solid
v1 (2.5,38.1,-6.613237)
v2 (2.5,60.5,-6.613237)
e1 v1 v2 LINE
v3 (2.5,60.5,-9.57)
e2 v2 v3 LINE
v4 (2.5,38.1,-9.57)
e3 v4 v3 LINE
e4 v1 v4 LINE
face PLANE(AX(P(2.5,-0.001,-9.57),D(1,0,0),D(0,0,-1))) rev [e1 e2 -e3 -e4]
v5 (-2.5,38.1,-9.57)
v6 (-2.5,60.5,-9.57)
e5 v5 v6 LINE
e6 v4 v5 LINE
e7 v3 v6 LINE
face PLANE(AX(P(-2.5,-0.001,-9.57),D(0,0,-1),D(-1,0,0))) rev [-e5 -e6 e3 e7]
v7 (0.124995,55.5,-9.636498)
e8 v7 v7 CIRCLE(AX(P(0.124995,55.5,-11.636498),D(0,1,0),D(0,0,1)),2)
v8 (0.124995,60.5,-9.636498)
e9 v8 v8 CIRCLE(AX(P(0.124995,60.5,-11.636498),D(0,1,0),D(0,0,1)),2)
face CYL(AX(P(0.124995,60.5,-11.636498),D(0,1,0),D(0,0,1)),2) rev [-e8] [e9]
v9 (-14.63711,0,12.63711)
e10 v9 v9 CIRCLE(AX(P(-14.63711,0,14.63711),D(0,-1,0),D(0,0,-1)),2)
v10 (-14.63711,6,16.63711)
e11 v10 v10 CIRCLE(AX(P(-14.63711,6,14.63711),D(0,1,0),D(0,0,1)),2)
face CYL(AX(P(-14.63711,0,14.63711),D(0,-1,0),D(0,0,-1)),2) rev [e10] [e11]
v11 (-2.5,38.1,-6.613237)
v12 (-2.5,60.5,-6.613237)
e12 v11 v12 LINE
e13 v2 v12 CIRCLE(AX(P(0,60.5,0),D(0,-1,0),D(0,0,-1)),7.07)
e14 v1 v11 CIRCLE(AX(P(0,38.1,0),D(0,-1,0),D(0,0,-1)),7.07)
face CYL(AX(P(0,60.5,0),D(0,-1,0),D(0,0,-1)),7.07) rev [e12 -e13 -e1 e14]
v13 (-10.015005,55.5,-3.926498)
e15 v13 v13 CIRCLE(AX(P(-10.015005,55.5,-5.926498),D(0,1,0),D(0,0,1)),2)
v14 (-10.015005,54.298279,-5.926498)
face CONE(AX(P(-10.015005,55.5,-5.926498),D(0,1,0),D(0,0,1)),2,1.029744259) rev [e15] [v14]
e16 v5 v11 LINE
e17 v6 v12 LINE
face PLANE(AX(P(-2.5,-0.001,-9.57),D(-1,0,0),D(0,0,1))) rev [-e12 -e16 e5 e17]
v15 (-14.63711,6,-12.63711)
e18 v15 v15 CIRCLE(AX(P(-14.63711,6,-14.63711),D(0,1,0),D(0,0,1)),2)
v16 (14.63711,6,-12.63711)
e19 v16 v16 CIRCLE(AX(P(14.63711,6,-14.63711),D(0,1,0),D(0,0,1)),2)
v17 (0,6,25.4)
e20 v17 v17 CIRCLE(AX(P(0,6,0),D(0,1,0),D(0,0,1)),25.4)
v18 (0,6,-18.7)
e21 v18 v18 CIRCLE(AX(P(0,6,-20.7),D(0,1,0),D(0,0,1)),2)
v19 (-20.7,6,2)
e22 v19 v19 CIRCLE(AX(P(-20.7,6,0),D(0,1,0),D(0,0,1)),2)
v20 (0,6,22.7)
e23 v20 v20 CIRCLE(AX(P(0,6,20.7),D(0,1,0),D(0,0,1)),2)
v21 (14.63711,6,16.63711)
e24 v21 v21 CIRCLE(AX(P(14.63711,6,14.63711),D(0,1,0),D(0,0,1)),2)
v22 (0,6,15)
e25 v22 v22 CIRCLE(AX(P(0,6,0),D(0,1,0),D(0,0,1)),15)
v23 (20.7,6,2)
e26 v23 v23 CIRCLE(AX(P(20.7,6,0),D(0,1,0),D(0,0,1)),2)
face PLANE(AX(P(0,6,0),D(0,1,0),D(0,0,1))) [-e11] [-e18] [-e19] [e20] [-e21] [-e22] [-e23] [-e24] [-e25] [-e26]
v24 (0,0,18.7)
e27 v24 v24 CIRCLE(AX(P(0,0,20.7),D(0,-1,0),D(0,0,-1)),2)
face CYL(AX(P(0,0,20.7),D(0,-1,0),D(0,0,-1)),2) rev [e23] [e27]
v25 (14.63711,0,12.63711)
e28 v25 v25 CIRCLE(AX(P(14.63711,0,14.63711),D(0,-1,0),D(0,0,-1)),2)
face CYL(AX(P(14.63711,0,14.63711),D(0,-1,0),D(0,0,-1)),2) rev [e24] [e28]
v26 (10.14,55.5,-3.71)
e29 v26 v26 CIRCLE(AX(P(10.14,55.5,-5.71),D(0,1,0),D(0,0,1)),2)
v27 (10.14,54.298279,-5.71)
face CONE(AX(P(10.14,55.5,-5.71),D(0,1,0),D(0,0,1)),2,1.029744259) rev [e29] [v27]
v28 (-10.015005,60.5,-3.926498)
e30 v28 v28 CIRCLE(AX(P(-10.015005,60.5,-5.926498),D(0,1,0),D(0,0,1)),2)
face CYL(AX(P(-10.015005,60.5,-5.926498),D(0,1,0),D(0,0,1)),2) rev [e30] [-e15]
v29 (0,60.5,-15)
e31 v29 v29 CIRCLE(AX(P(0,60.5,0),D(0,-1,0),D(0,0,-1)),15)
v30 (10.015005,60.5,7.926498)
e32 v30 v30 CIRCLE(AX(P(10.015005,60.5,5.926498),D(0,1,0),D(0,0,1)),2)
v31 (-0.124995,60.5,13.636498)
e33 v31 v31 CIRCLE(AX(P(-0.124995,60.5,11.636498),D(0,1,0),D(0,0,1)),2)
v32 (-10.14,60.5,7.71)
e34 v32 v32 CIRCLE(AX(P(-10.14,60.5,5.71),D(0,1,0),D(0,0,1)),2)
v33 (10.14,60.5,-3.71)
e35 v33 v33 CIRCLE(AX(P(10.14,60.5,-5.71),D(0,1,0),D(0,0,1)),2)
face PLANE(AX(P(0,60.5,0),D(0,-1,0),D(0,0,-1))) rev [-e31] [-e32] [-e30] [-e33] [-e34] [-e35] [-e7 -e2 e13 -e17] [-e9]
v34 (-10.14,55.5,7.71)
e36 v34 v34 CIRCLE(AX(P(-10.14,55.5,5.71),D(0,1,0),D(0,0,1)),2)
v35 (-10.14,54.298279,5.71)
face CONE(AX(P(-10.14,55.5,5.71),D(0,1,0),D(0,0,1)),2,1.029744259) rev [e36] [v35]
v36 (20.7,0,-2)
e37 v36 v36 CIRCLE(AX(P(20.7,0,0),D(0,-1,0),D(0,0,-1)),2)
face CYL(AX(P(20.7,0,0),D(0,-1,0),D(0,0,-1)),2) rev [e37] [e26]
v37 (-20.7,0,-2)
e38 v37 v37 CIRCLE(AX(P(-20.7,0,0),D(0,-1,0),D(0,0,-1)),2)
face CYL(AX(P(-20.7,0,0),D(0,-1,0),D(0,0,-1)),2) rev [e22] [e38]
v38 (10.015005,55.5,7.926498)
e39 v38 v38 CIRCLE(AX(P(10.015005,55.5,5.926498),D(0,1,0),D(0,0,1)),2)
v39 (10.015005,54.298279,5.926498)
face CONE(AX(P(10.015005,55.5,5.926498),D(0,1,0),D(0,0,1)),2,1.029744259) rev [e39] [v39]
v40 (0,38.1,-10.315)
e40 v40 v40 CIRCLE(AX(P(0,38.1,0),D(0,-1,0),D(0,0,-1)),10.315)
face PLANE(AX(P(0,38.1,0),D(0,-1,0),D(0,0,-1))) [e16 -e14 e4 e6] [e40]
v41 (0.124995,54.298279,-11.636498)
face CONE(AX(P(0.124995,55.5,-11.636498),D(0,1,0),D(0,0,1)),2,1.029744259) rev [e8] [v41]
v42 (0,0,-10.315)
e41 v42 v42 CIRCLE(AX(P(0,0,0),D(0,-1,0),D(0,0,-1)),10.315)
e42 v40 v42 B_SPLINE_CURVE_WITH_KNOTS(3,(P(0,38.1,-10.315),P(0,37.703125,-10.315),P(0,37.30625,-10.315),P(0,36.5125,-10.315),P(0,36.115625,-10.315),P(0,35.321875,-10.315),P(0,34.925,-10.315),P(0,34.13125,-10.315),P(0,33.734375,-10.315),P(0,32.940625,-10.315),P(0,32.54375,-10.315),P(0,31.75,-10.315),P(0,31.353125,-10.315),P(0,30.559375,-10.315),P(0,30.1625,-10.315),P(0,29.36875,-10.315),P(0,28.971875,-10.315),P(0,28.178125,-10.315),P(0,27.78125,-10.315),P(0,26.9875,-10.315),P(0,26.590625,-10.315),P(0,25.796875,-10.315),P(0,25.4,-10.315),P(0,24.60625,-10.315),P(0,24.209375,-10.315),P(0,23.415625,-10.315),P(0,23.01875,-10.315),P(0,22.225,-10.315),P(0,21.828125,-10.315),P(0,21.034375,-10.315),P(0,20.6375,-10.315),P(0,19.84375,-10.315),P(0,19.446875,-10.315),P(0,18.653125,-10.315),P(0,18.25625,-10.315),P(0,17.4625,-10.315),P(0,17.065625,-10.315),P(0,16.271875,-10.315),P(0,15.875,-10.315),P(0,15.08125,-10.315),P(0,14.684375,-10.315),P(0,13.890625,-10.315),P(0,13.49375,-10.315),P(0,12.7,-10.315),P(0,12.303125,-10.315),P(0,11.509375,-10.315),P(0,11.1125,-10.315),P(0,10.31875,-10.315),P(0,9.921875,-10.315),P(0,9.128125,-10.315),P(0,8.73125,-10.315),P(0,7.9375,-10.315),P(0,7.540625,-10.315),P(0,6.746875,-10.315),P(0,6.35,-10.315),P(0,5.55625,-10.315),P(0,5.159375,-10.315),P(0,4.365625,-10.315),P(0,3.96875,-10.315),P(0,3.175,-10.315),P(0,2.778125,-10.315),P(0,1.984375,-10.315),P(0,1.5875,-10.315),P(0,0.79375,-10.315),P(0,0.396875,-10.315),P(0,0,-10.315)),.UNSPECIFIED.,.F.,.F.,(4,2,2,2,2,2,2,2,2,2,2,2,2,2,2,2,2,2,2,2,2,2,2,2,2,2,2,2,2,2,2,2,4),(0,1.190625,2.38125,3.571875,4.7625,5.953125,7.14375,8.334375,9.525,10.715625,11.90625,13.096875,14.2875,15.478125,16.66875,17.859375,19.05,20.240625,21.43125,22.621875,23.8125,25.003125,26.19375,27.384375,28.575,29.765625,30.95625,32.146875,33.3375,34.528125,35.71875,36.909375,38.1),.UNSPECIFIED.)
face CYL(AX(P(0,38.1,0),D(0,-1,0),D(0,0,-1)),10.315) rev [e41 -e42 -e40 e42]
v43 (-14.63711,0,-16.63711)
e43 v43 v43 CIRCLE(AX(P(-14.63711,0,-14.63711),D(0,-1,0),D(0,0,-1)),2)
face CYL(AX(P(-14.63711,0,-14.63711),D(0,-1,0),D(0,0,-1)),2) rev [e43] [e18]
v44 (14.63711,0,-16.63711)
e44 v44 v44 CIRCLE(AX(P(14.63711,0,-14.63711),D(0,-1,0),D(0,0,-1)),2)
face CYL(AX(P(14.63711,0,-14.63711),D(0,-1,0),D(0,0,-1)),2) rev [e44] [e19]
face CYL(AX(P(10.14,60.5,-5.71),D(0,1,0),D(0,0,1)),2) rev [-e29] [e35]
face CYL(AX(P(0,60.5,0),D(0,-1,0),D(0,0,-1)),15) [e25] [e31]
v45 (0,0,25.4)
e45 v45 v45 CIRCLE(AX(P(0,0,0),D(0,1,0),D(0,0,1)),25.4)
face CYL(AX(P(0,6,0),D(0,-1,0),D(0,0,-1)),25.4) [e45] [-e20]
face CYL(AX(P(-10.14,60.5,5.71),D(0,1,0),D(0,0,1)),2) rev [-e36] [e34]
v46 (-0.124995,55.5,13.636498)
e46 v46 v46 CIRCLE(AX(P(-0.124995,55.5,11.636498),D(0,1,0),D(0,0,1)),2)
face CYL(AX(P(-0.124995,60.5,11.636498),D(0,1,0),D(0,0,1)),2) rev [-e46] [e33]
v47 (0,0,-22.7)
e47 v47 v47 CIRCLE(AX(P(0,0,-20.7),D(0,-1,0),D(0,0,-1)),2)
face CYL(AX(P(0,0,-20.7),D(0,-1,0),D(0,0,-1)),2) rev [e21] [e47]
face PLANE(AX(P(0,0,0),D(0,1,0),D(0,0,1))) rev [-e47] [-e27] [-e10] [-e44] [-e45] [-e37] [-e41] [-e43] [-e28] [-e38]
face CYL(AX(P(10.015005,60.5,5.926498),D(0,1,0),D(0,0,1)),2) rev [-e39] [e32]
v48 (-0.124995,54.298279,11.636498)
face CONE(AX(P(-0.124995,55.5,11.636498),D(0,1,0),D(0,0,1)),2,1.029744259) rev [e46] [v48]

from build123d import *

# Parameters (mm, degrees)
SKETCH2_R             = 25.4
BOSS_EXTRUDE2_DEPTH   = 6
SKETCH3_R             = 15
BOSS_EXTRUDE3_DEPTH   = 60.5
SKETCH4_R             = 10.315
CUT_EXTRUDE1_DEPTH    = 38.1
SKETCH5_R             = 7.07
CUT_EXTRUDE2_DEPTH    = 53.363441445
F_4_0MM_DOWEL_HOLE1_D = 4
CIRPATTERN1_COUNT     = 8
CIRPATTERN2_COUNT     = 6
CUT_EXTRUDE3_REACH    = 72.36


with BuildPart() as part:
    # Sketch2 → Boss-Extrude2 (new body)
    with BuildSketch(Plane(origin=(0, 0, 0), x_dir=(1, 0, 0), z_dir=(0, 1, 0))):
        with Locations(Location((0, 0, 0), (0, 0, 270))):
            Circle(SKETCH2_R)
    extrude(amount=BOSS_EXTRUDE2_DEPTH)

    # Sketch3 → Boss-Extrude3 (add)
    with BuildSketch(Plane.XZ):
        with Locations(Location((0, 0, 0), (0, 0, 270))):
            Circle(SKETCH3_R)
    extrude(amount=-BOSS_EXTRUDE3_DEPTH)

    # Sketch4 → Cut-Extrude1 (cut)
    with BuildSketch(Plane.XZ):
        with Locations(Location((0, 0, 0), (0, 0, 270))):
            Circle(SKETCH4_R)
    extrude(amount=-CUT_EXTRUDE1_DEPTH, mode=Mode.SUBTRACT)

    # Sketch5 → Cut-Extrude2 (cut, through all)
    with BuildSketch(Plane.XZ.offset(-38.1)):
        with Locations(Location((0, 0, 0), (0, 0, 270))):
            Circle(SKETCH5_R)
    extrude(amount=-CUT_EXTRUDE2_DEPTH, mode=Mode.SUBTRACT)

    # Ø4.0mm Dowel Hole1 (through all)
    with Locations(Plane(origin=(0, 0, 0), x_dir=(-1, 0, 0), z_dir=(0, -1, 0))):
        with Locations((0, 20.7)):
            f_4_0mm_dowel_hole1 = Hole(F_4_0MM_DOWEL_HOLE1_D / 2)

    # CirPattern1: Ø4.0mm Dowel Hole1 ×8 about axis
    cirpattern1_axis = Axis((0, 0, 0), (0, 1, 0))
    for i in range(1, CIRPATTERN1_COUNT):
        add(f_4_0mm_dowel_hole1.rotate(cirpattern1_axis, i * 360 / CIRPATTERN1_COUNT), mode=Mode.SUBTRACT)

    # Sketch13 → Ø3.0mm Dowel Hole1 (revolve, cut)
    with BuildSketch(Plane(origin=(-10.14, 60.5, 5.71), x_dir=(0, 0, 1), z_dir=(1, 0, 0))):
        Polygon((0, 0), (0, 6.201721238), (2, 5), (2, 0), align=None)
    f_3_0mm_dowel_hole1 = revolve(axis=Axis((-10.14, 66.85, 5.71), (0, -1, 0)), mode=Mode.SUBTRACT)

    # CirPattern2: Ø3.0mm Dowel Hole1 ×6 about axis
    cirpattern2_axis = Axis((0, 0, 0), (0, 1, 0))
    for i in range(1, CIRPATTERN2_COUNT):
        add(f_3_0mm_dowel_hole1.rotate(cirpattern2_axis, i * 360 / CIRPATTERN2_COUNT), mode=Mode.SUBTRACT)

    # Sketch14 → Cut-Extrude3 (cut, up to next)
    with BuildSketch(Plane(origin=(0, 60.5, 0), x_dir=(1, 0, 0), z_dir=(0, 1, 0)), mode=Mode.PRIVATE) as cut_extrude3_sk1:
        with BuildLine():
            Line((-2.5, 9.57), (2.5, 9.57))
            Line((2.5, 9.57), (2.5, 6.613236726))
            ThreePointArc((2.5, 6.613236726), (0, 7.07), (-2.5, 6.613236726))
            Line((-2.5, 6.613236726), (-2.5, 9.57))
        make_face()
    cut_extrude3_tool1 = extrude(cut_extrude3_sk1.sketch, amount=-CUT_EXTRUDE3_REACH, mode=Mode.PRIVATE) & part.part
    add(cut_extrude3_tool1.solids().sort_by_distance((0, 60.5, -8.24142))[0], mode=Mode.SUBTRACT)


solid = part.part
